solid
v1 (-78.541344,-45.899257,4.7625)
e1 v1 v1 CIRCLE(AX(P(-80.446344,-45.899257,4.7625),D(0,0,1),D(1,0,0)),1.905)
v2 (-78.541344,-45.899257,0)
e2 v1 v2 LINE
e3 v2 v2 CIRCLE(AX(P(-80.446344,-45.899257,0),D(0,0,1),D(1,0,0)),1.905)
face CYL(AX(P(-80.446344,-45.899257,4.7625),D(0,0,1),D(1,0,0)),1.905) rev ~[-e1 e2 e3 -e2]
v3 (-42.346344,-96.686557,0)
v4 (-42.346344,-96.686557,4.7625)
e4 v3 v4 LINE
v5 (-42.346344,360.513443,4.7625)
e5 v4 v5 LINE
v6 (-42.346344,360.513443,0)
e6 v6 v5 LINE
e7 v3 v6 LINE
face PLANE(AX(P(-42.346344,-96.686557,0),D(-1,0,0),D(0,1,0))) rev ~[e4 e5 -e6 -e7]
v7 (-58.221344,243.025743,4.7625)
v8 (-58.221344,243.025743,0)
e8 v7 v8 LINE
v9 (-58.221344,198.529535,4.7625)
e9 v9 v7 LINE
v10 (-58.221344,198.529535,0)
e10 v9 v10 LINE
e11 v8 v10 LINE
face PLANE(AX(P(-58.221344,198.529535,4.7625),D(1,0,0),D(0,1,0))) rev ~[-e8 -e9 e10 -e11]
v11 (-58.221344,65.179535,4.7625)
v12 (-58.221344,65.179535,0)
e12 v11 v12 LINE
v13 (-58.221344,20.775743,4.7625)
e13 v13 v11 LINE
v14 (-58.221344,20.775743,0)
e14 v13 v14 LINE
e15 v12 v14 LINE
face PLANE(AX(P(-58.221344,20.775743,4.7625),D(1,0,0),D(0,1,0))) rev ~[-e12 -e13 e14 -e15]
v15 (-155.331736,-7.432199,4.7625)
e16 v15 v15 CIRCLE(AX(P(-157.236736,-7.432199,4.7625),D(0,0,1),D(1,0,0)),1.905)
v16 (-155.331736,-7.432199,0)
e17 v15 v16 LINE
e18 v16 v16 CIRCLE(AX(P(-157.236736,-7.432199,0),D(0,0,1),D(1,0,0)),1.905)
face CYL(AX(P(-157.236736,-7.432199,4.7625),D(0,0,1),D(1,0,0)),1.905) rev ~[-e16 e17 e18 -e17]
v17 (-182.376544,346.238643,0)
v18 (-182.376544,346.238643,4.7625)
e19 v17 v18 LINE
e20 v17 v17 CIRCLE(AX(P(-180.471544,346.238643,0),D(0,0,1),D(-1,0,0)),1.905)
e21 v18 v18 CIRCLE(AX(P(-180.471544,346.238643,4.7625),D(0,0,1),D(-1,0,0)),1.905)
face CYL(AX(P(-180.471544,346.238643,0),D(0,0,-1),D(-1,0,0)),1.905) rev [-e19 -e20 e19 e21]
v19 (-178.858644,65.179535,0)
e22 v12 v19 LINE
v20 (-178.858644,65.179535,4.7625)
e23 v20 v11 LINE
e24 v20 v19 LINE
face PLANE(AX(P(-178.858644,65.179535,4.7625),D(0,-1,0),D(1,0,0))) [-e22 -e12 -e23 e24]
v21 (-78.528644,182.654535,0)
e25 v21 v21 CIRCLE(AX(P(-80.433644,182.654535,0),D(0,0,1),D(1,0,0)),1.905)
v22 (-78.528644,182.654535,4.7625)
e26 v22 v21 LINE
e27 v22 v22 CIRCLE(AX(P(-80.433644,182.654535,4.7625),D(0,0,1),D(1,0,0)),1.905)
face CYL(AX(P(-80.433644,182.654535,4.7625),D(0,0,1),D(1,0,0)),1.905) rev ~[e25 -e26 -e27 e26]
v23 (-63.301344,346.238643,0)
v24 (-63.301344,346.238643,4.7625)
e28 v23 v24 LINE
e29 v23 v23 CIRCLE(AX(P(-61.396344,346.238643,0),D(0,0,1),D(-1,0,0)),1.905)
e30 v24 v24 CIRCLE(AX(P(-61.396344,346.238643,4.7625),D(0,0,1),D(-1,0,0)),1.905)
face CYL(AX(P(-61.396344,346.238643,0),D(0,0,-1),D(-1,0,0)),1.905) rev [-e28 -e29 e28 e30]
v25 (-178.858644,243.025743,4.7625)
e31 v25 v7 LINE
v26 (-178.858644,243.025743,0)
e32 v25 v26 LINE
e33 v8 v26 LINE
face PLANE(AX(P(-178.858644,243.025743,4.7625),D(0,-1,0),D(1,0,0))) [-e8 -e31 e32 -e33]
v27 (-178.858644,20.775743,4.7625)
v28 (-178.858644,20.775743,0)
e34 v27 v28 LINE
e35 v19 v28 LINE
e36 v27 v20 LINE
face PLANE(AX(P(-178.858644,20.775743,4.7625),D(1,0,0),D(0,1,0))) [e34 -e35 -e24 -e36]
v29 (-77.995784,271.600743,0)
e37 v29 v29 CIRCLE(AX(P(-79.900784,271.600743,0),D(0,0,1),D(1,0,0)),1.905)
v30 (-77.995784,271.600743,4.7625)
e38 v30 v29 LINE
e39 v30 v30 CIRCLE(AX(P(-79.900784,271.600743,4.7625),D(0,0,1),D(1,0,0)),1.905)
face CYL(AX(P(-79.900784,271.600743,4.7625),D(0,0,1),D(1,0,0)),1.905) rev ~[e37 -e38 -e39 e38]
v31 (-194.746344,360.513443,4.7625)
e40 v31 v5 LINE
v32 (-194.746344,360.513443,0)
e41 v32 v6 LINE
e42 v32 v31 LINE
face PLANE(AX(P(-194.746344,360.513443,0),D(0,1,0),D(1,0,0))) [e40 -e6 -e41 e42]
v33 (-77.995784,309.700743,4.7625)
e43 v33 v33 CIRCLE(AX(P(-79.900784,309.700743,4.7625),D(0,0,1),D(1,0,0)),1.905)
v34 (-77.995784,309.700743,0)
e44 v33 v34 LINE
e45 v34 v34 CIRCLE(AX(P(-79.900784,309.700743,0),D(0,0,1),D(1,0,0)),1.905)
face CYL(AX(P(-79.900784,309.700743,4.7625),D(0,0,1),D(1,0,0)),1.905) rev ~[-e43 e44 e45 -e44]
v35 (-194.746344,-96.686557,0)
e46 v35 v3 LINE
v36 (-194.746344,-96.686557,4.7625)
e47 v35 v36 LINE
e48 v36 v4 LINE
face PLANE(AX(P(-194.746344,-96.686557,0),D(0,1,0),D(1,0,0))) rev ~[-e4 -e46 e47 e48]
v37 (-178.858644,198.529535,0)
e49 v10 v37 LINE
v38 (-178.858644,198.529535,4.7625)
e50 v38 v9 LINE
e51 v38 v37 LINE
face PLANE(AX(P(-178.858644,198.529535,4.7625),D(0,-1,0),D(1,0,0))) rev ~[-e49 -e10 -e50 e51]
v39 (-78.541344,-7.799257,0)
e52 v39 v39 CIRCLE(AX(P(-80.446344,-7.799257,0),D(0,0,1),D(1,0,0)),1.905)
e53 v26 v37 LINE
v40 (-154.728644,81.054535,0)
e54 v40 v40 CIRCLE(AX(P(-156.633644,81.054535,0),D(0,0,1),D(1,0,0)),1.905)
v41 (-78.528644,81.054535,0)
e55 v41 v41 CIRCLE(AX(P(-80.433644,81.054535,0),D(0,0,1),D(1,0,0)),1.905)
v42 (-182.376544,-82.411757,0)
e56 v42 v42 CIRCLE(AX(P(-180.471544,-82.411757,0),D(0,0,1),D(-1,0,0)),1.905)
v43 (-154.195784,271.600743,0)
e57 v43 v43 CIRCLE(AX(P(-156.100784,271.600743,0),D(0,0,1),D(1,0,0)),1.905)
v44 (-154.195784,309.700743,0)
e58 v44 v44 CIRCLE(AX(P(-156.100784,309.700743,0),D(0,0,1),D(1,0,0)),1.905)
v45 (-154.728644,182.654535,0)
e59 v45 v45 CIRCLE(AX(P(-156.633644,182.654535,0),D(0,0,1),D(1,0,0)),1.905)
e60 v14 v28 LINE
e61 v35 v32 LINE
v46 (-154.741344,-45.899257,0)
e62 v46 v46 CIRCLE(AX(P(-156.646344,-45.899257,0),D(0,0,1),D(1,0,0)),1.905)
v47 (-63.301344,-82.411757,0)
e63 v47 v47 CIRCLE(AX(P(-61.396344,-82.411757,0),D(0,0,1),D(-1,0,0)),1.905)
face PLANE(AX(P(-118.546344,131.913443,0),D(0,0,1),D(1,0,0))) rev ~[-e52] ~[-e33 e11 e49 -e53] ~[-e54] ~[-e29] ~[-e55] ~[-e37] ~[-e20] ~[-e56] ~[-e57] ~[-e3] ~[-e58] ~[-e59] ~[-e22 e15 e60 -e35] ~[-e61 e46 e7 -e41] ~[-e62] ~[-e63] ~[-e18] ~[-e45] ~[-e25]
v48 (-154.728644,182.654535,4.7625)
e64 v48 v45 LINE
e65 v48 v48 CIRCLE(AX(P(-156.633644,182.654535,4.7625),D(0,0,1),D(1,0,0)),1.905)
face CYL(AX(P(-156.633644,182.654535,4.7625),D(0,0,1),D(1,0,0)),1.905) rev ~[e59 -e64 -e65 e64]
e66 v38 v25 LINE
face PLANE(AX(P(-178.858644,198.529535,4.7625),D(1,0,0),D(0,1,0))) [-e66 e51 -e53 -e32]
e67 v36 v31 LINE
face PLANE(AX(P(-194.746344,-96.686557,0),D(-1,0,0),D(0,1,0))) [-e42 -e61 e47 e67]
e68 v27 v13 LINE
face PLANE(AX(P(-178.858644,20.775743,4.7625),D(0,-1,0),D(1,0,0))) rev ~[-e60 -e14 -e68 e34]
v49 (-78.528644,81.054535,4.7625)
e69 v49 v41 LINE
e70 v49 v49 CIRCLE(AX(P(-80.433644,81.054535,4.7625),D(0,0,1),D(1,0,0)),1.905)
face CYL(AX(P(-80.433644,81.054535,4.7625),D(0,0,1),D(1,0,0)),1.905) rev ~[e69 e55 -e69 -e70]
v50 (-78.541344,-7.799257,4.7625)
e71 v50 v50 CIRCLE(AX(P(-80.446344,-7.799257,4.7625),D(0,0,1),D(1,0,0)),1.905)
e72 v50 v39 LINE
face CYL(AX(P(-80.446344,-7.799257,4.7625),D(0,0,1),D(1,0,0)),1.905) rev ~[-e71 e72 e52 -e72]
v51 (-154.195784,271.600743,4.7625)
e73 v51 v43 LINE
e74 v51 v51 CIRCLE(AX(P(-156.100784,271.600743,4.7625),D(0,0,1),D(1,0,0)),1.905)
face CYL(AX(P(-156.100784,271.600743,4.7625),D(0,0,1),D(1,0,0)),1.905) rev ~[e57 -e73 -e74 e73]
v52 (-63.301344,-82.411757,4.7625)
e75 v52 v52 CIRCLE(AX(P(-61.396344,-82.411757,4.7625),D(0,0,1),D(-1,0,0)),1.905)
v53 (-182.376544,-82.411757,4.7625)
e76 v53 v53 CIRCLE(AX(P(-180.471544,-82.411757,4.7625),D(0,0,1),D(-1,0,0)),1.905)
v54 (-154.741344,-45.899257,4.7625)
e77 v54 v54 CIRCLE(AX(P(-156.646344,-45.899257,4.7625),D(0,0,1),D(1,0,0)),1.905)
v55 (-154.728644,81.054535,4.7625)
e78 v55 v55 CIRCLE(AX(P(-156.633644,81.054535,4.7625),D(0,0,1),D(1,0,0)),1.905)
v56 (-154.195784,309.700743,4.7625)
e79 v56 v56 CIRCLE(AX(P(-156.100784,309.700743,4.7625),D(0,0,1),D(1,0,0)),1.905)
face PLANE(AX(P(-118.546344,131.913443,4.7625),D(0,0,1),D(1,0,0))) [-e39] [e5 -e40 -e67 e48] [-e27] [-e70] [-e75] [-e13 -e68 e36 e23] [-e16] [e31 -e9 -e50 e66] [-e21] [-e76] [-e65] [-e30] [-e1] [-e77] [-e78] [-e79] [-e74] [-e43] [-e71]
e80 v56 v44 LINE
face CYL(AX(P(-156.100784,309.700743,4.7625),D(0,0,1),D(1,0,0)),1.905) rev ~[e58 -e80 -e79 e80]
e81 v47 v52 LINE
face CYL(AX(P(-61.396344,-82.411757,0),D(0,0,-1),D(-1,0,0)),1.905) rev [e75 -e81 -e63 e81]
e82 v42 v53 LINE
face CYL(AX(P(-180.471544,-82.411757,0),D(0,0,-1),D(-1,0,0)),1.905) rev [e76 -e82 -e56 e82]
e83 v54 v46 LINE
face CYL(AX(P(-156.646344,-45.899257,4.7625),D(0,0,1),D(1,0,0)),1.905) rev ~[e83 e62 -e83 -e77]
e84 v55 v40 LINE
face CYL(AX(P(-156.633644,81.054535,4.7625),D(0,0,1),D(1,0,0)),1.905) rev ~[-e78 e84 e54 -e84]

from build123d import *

# Parameters (mm, degrees)
SKETCH1_W           = 152.4
SKETCH1_H           = 457.2
SKETCH1_R           = 1.905
BOSS_EXTRUDE1_DEPTH = 4.7625
CUT_EXTRUDE1_REACH  = 411.779
SKETCH3_R           = 1.905
CUT_EXTRUDE4_REACH  = 411.779
SKETCH6_W           = 120.6373
SKETCH6_H           = 44.403792
SKETCH6_H_2         = 44.496208
SKETCH7_R           = 1.905
CUT_EXTRUDE5_DEPTH  = 410.778918528


with BuildPart() as part:
    # Sketch1 → Boss-Extrude1 (new body)
    with BuildSketch(Plane.XY):
        with Locations((-118.546343616, 131.913442623)):
            Rectangle(SKETCH1_W, SKETCH1_H)
        with Locations(Location((-61.396343616, 346.238642623, 0), (0, 0, 180))):
            Circle(SKETCH1_R, mode=Mode.SUBTRACT)
        with Locations(Location((-180.471543616, 346.238642623, 0), (0, 0, 180))):
            Circle(SKETCH1_R, mode=Mode.SUBTRACT)
        with Locations(Location((-180.471543616, -82.411757377, 0), (0, 0, 180))):
            Circle(SKETCH1_R, mode=Mode.SUBTRACT)
        with Locations(Location((-61.396343616, -82.411757377, 0), (0, 0, 180))):
            Circle(SKETCH1_R, mode=Mode.SUBTRACT)
    extrude(amount=BOSS_EXTRUDE1_DEPTH)

    # Sketch3 → Cut-Extrude1 (cut, up to next)
    with BuildSketch(Plane.XY.offset(4.7625), mode=Mode.PRIVATE) as cut_extrude1_sk1:
        with Locations((-156.633643616, 182.654534623)):
            Circle(SKETCH3_R)
    cut_extrude1_tool1 = extrude(cut_extrude1_sk1.sketch, amount=-CUT_EXTRUDE1_REACH, mode=Mode.PRIVATE) & part.part
    # Sketch3 → Cut-Extrude1 (cut, up to next)
    with BuildSketch(Plane.XY.offset(4.7625), mode=Mode.PRIVATE) as cut_extrude1_sk2:
        with Locations((-80.433643616, 182.654534623)):
            Circle(SKETCH3_R)
    cut_extrude1_tool2 = extrude(cut_extrude1_sk2.sketch, amount=-CUT_EXTRUDE1_REACH, mode=Mode.PRIVATE) & part.part
    # Sketch3 → Cut-Extrude1 (cut, up to next)
    with BuildSketch(Plane.XY.offset(4.7625), mode=Mode.PRIVATE) as cut_extrude1_sk3:
        with Locations((-156.633643616, 81.054534623)):
            Circle(SKETCH3_R)
    cut_extrude1_tool3 = extrude(cut_extrude1_sk3.sketch, amount=-CUT_EXTRUDE1_REACH, mode=Mode.PRIVATE) & part.part
    # Sketch3 → Cut-Extrude1 (cut, up to next)
    with BuildSketch(Plane.XY.offset(4.7625), mode=Mode.PRIVATE) as cut_extrude1_sk4:
        with Locations((-80.433643616, 81.054534623)):
            Circle(SKETCH3_R)
    cut_extrude1_tool4 = extrude(cut_extrude1_sk4.sketch, amount=-CUT_EXTRUDE1_REACH, mode=Mode.PRIVATE) & part.part
    add(cut_extrude1_tool1.solids().sort_by_distance((-156.633644, 182.654535, 4.7625))[0], mode=Mode.SUBTRACT)
    add(cut_extrude1_tool2.solids().sort_by_distance((-80.433644, 182.654535, 4.7625))[0], mode=Mode.SUBTRACT)
    add(cut_extrude1_tool3.solids().sort_by_distance((-156.633644, 81.054535, 4.7625))[0], mode=Mode.SUBTRACT)
    add(cut_extrude1_tool4.solids().sort_by_distance((-80.433644, 81.054535, 4.7625))[0], mode=Mode.SUBTRACT)

    # Sketch6 → Cut-Extrude4 (cut, up to next)
    with BuildSketch(Plane.XY.offset(4.7625), mode=Mode.PRIVATE) as cut_extrude4_sk1:
        with Locations((-118.539993616, 42.977638623)):
            Rectangle(SKETCH6_W, SKETCH6_H)
    cut_extrude4_tool1 = extrude(cut_extrude4_sk1.sketch, amount=-CUT_EXTRUDE4_REACH, mode=Mode.PRIVATE) & part.part
    # Sketch6 → Cut-Extrude4 (cut, up to next)
    with BuildSketch(Plane.XY.offset(4.7625), mode=Mode.PRIVATE) as cut_extrude4_sk2:
        with Locations((-118.539993616, 220.777638623)):
            Rectangle(SKETCH6_W, SKETCH6_H_2)
    cut_extrude4_tool2 = extrude(cut_extrude4_sk2.sketch, amount=-CUT_EXTRUDE4_REACH, mode=Mode.PRIVATE) & part.part
    add(cut_extrude4_tool1.solids().sort_by_distance((-118.539994, 42.977639, 4.7625))[0], mode=Mode.SUBTRACT)
    add(cut_extrude4_tool2.solids().sort_by_distance((-118.539994, 220.777639, 4.7625))[0], mode=Mode.SUBTRACT)

    # Sketch7 → Cut-Extrude5 (cut, through all)
    with BuildSketch(Plane.XY.offset(4.7625)):
        with Locations((-157.236735827, -7.432198967)):
            Circle(SKETCH7_R)
        with Locations((-156.646343616, -45.899257377)):
            Circle(SKETCH7_R)
        with Locations((-80.446343616, -45.899257377)):
            Circle(SKETCH7_R)
        with Locations((-80.446343616, -7.799257377)):
            Circle(SKETCH7_R)
        with Locations((-79.900784131, 271.600742623)):
            Circle(SKETCH7_R)
        with Locations((-79.900784131, 309.700742623)):
            Circle(SKETCH7_R)
        with Locations((-156.100784131, 309.700742623)):
            Circle(SKETCH7_R)
        with Locations((-156.100784131, 271.600742623)):
            Circle(SKETCH7_R)
    extrude(amount=-CUT_EXTRUDE5_DEPTH, mode=Mode.SUBTRACT)


solid = part.part
